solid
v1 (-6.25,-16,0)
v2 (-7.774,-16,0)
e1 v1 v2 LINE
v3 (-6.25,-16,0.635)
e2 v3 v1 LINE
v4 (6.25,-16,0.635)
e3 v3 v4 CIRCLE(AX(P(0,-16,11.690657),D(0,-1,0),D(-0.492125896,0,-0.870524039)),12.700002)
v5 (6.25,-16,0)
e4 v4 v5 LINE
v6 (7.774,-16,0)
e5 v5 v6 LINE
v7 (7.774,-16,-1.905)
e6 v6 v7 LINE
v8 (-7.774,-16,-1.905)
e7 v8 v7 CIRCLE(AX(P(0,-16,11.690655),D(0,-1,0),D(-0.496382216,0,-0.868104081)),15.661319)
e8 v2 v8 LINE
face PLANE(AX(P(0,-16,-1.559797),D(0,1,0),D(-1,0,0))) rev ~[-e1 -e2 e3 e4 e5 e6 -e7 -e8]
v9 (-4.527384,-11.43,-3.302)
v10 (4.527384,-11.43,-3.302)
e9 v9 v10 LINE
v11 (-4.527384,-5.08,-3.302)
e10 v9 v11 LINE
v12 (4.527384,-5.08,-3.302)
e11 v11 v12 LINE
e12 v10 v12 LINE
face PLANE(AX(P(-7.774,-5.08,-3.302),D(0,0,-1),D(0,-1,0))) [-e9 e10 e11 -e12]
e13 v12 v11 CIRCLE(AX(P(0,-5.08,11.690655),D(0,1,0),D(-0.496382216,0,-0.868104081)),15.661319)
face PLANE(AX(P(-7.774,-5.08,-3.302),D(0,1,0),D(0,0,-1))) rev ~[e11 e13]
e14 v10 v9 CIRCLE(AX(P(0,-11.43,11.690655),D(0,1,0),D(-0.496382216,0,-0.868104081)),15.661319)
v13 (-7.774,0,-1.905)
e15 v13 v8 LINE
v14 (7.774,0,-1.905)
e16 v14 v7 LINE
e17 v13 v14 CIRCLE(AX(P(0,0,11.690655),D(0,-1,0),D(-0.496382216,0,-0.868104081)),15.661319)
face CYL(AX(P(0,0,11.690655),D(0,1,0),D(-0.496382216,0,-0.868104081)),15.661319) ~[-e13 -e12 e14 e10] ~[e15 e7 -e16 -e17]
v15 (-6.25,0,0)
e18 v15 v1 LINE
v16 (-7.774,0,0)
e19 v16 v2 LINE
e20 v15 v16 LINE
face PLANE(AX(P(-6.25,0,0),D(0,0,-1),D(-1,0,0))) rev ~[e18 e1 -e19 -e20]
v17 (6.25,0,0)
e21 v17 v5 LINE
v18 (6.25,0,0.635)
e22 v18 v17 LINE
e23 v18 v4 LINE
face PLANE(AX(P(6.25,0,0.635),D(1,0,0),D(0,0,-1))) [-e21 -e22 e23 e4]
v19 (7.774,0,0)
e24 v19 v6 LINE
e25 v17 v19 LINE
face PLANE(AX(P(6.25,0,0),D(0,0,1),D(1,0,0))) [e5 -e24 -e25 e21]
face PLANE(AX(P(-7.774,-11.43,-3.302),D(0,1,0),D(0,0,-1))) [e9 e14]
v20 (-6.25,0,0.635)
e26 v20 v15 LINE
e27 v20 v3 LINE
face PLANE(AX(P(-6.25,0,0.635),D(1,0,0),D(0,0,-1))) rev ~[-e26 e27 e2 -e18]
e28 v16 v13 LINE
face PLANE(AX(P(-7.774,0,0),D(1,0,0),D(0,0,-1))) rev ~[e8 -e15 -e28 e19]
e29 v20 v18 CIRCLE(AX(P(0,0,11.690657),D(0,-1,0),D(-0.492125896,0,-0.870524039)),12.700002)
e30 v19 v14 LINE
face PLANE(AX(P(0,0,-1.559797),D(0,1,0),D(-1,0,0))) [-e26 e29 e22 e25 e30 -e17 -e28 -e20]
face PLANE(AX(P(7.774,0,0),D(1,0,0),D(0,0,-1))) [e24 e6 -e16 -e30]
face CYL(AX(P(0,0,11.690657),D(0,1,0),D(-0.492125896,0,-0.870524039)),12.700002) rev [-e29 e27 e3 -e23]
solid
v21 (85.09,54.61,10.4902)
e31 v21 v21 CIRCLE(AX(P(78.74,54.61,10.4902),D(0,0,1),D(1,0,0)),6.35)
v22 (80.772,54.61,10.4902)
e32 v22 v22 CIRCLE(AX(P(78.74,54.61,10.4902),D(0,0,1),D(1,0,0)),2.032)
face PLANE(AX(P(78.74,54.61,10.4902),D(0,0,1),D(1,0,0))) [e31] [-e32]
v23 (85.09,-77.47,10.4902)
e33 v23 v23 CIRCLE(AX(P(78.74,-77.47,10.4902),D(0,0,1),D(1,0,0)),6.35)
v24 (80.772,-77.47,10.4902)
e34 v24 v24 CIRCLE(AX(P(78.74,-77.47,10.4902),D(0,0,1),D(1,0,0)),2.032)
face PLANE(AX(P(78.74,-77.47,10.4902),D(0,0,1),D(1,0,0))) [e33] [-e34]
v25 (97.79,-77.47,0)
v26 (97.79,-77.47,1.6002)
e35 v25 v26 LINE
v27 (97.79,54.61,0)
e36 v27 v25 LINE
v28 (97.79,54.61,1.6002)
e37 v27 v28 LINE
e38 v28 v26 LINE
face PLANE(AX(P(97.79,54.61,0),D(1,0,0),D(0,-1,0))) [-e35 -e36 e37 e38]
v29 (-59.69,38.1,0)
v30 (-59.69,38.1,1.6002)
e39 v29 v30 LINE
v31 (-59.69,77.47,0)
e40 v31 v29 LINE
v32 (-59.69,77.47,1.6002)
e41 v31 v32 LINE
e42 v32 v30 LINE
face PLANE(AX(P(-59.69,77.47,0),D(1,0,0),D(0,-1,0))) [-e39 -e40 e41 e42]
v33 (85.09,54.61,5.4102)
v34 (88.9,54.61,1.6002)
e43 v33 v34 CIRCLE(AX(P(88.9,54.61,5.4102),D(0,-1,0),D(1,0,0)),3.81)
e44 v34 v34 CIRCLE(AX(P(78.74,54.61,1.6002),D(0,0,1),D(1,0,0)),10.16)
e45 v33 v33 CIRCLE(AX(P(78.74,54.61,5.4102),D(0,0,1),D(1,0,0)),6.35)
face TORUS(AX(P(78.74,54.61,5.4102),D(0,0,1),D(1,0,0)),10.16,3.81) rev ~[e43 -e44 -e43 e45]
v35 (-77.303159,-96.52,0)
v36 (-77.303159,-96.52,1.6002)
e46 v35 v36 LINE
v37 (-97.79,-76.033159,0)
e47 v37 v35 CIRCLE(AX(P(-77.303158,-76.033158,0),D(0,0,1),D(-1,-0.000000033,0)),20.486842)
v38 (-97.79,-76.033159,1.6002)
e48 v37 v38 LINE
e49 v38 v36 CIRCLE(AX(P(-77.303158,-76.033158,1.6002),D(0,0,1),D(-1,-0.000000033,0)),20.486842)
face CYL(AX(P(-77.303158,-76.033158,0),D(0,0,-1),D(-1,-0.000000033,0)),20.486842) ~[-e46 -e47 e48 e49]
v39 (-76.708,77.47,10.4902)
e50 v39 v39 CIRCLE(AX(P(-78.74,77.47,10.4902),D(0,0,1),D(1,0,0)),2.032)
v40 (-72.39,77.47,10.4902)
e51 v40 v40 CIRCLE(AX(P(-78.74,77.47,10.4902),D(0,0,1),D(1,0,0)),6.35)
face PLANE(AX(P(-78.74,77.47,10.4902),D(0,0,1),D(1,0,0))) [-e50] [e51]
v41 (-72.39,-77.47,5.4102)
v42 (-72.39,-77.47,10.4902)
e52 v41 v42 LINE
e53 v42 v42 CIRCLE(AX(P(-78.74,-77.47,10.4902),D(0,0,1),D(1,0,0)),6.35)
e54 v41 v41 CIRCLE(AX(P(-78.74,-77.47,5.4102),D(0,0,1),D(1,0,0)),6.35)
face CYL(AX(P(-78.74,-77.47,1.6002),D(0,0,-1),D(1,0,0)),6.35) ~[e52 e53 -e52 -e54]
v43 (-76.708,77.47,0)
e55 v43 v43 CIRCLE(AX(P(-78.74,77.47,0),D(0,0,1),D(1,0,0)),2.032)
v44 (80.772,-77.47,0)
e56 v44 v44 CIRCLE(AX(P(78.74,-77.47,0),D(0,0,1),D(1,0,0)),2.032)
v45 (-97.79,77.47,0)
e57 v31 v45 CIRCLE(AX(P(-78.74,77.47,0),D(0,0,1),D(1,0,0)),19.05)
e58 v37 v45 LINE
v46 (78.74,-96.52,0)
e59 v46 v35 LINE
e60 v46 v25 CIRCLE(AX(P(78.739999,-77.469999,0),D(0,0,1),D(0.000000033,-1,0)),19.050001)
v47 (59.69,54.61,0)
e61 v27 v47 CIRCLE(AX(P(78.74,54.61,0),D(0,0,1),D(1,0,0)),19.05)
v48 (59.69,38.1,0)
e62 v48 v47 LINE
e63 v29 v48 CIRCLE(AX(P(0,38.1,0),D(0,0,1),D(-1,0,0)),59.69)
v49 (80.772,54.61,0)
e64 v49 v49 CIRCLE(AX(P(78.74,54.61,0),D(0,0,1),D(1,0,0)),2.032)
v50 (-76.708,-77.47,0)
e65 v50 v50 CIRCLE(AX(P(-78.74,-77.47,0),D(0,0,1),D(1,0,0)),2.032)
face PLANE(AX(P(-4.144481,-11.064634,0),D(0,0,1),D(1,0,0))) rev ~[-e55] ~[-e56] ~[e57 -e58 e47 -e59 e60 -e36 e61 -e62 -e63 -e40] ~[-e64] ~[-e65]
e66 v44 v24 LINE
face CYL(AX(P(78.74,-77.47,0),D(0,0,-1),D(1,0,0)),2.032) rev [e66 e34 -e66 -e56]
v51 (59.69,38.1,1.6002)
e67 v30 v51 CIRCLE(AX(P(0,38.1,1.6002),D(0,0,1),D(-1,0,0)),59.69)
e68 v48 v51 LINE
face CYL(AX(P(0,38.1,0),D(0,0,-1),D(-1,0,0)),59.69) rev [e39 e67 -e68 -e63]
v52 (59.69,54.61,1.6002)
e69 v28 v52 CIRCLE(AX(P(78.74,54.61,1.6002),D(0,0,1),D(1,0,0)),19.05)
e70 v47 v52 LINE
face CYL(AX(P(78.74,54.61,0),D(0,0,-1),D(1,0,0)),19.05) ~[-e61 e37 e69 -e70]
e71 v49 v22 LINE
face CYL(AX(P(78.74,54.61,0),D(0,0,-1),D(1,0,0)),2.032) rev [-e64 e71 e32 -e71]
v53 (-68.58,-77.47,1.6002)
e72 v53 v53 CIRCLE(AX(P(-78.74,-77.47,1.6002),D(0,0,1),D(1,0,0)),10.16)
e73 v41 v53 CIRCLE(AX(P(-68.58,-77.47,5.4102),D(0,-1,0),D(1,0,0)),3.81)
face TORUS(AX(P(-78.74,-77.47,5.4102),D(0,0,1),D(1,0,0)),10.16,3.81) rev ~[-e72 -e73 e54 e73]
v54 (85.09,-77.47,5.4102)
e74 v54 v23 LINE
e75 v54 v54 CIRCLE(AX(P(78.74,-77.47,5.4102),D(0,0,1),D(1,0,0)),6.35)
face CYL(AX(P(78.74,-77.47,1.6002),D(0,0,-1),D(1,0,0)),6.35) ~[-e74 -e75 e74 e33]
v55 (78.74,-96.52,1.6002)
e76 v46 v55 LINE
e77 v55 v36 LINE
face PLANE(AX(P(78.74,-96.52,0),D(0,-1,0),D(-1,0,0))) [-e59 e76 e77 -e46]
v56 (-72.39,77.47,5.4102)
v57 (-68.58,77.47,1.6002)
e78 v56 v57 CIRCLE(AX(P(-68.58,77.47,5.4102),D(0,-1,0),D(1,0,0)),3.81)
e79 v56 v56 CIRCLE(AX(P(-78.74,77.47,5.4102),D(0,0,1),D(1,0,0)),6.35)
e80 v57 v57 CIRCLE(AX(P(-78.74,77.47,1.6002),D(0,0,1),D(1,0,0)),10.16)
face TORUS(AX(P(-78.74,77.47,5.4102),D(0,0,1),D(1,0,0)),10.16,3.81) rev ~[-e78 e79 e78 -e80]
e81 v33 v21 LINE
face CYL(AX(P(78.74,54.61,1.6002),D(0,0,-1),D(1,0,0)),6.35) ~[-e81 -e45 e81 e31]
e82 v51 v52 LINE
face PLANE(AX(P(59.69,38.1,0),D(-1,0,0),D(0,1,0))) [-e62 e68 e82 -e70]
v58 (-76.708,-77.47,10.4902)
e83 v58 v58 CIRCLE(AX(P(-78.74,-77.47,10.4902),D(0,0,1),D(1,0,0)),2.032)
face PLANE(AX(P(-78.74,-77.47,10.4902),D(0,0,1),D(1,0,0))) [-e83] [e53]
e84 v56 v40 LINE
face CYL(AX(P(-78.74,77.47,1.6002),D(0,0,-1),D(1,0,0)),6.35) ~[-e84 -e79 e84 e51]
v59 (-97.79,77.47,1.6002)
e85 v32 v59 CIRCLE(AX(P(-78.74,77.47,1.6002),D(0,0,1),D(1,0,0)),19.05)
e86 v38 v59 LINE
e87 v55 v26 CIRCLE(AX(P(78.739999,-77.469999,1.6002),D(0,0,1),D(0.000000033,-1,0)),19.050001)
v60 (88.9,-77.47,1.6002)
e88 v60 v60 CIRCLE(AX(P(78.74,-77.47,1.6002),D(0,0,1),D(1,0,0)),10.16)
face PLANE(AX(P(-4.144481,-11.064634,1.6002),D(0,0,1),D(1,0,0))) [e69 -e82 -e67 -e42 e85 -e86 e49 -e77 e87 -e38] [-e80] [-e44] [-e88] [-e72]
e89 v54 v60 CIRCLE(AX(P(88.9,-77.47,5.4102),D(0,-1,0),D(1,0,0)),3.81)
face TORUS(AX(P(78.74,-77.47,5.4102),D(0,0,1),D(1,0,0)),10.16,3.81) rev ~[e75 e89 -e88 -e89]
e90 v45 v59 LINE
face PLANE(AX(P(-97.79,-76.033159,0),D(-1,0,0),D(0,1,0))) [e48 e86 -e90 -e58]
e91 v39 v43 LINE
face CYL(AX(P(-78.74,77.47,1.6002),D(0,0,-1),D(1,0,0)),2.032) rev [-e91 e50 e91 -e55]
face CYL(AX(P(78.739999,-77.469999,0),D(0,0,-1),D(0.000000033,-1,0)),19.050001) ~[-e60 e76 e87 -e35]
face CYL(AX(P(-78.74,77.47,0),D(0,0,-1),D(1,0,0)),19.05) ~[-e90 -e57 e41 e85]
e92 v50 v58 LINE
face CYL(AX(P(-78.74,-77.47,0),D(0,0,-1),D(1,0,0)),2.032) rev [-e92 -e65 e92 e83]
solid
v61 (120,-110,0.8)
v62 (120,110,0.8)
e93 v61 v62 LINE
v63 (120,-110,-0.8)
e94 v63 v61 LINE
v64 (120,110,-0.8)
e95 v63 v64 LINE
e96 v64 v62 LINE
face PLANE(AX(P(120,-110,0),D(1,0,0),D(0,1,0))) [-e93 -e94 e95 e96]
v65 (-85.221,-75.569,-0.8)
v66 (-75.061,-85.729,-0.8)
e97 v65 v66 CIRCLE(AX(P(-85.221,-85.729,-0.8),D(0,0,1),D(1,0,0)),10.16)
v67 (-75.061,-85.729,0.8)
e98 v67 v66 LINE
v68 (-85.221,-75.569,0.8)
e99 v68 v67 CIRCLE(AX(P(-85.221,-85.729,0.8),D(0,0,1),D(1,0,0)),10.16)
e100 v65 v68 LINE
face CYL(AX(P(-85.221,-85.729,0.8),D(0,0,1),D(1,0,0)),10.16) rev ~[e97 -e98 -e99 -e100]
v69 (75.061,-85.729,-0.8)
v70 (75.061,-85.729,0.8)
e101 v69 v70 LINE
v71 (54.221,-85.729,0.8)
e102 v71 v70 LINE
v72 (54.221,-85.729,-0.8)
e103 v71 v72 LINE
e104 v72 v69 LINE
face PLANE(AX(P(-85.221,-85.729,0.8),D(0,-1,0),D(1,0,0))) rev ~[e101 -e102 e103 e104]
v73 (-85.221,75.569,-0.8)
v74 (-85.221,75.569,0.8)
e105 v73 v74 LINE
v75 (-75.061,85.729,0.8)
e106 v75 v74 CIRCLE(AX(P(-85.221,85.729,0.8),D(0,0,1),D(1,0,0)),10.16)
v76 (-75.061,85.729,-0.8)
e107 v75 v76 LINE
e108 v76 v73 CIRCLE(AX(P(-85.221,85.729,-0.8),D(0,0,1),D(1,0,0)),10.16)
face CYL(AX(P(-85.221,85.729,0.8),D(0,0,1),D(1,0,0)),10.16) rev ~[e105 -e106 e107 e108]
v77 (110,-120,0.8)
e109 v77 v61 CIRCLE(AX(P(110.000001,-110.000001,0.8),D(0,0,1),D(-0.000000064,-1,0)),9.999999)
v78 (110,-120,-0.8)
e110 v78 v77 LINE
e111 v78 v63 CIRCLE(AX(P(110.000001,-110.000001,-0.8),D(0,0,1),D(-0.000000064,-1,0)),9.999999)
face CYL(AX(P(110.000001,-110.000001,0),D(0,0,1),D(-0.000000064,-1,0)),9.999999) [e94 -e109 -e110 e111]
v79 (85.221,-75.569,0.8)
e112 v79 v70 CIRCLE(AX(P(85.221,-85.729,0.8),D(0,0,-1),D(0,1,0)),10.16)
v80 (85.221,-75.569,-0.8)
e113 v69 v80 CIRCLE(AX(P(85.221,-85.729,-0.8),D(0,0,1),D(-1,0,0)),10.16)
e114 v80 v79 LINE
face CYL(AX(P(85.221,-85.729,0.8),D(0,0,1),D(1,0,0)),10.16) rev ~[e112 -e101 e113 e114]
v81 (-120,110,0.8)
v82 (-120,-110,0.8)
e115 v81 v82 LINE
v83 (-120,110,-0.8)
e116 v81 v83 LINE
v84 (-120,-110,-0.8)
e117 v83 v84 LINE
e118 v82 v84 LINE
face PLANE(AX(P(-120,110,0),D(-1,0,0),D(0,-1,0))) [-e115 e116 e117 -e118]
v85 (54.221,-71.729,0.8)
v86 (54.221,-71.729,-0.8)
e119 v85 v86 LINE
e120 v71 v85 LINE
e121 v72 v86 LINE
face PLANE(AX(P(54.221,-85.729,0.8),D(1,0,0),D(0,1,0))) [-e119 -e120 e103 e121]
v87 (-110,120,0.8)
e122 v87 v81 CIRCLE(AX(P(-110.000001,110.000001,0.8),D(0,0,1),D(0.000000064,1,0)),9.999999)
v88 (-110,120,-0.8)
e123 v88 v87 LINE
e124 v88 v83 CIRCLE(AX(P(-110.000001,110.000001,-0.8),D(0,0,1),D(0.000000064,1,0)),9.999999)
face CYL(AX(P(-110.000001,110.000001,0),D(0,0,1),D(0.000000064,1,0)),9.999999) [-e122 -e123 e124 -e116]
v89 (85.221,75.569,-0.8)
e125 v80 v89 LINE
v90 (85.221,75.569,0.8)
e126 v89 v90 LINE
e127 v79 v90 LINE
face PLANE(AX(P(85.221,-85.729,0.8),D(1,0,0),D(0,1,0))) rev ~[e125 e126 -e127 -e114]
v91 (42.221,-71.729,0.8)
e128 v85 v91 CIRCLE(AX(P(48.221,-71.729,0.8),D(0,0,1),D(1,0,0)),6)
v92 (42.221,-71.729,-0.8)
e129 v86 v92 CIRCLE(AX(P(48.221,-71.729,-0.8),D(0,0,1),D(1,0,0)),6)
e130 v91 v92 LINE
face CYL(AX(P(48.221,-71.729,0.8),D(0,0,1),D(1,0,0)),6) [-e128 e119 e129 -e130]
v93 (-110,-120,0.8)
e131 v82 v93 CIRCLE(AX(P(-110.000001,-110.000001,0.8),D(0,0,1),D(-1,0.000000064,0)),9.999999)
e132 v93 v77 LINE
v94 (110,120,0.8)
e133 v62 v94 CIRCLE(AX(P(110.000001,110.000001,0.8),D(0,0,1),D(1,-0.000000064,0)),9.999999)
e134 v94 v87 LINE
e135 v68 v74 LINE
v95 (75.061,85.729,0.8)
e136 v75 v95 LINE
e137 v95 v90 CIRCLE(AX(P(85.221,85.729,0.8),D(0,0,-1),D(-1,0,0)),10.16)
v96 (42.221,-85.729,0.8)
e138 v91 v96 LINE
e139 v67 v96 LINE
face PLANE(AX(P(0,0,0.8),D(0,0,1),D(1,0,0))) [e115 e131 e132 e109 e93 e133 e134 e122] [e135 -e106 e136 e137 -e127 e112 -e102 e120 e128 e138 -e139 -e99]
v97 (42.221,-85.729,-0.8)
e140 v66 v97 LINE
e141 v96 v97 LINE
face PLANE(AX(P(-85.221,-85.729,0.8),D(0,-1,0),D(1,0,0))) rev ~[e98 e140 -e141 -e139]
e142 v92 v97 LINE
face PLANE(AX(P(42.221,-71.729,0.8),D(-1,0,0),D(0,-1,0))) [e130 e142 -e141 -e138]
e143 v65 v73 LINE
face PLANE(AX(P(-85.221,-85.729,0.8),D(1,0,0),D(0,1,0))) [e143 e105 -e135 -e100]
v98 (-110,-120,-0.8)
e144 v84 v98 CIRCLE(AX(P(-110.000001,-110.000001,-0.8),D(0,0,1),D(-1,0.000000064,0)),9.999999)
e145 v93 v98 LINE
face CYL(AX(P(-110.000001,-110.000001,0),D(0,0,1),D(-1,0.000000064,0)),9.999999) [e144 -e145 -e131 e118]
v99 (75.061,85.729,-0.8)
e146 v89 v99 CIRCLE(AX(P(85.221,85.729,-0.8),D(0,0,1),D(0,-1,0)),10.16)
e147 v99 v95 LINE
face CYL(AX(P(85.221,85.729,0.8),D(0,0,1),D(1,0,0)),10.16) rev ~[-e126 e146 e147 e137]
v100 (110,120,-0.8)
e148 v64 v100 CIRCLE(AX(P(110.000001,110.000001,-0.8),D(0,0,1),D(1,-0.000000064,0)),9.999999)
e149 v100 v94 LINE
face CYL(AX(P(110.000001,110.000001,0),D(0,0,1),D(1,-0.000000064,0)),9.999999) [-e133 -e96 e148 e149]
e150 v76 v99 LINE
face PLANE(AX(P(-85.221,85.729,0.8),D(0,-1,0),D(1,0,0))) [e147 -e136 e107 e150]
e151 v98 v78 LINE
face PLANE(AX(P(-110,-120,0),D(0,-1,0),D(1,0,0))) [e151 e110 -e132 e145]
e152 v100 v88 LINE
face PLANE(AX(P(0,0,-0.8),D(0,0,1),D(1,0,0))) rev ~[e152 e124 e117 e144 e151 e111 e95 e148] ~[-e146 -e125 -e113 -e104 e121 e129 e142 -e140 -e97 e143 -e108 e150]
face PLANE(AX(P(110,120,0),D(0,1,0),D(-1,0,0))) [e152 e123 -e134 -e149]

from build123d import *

# Parameters (mm, degrees)
SKETCH_R        = 2.032
PAD_DEPTH       = 1.6002
SKETCH001_R     = 6.35
SKETCH001_R_2   = 2.032
PAD001_DEPTH    = 8.89
FILLET_R        = 3.81
PAD002_DEPTH    = 0.8
SKETCH003_W     = 170.442
SKETCH003_H     = 171.458
POCKET_DEPTH    = 1.601
SKETCH004_R     = 10.16
POCKET001_DEPTH = 5.08
PAD003_DEPTH    = 1.6
PAD004_DEPTH    = 16
SKETCH007_W     = 12.7
SKETCH007_H     = 6.35
POCKET002_DEPTH = 15.549


with BuildPart() as test_stand:
    # Sketch → Pad (new body)
    with BuildSketch(Plane.XY):
        with BuildLine():
            ThreePointArc((-97.79, -76.033159), (-91.789543, -90.519543), (-77.303159, -96.52))
            Line((78.74, -96.52), (-77.303159, -96.52))
            ThreePointArc((78.74, -96.52), (92.210384, -90.940384), (97.79, -77.47))
            Line((97.79, 54.61), (97.79, -77.47))
            ThreePointArc((97.79, 54.61), (78.74, 73.66), (59.69, 54.61))
            Line((59.69, 38.1), (59.69, 54.61))
            ThreePointArc((-59.69, 38.1), (0, -21.59), (59.69, 38.1))
            Line((-59.69, 77.47), (-59.69, 38.1))
            ThreePointArc((-59.69, 77.47), (-78.74, 96.52), (-97.79, 77.47))
            Line((-97.79, -76.033159), (-97.79, 77.47))
        make_face()
        with Locations((-78.74, 77.47)):
            Circle(SKETCH_R, mode=Mode.SUBTRACT)
        with Locations((78.74, 54.61)):
            Circle(SKETCH_R, mode=Mode.SUBTRACT)
        with Locations((78.74, -77.47)):
            Circle(SKETCH_R, mode=Mode.SUBTRACT)
        with Locations((-78.74, -77.47)):
            Circle(SKETCH_R, mode=Mode.SUBTRACT)
    extrude(amount=PAD_DEPTH)

    # Sketch001 (on Face16 of Pad) → Pad001 (join)
    with BuildSketch(Plane.XY.offset(1.6002)):
        with Locations((-78.74, 77.47)):
            Circle(SKETCH001_R)
        with Locations((-78.74, 77.47)):
            Circle(SKETCH001_R_2, mode=Mode.SUBTRACT)
        with Locations((78.74, 54.61)):
            Circle(SKETCH001_R)
        with Locations((78.74, 54.61)):
            Circle(SKETCH001_R_2, mode=Mode.SUBTRACT)
        with Locations((78.74, -77.47)):
            Circle(SKETCH001_R)
        with Locations((78.74, -77.47)):
            Circle(SKETCH001_R_2, mode=Mode.SUBTRACT)
        with Locations((-78.74, -77.47)):
            Circle(SKETCH001_R)
        with Locations((-78.74, -77.47)):
            Circle(SKETCH001_R_2, mode=Mode.SUBTRACT)
    extrude(amount=PAD001_DEPTH)

    # Fillet
    fillet_edges = [test_stand.edges().sort_by_distance(p)[0] for p in [
        (-85.09, -77.47, 1.6002),
        (72.39, -77.47, 1.6002),
        (72.39, 54.61, 1.6002),
        (-85.09, 77.47, 1.6002),
    ]]
    fillet(fillet_edges, radius=FILLET_R)


with BuildPart() as stencil_holder:
    # Sketch002 → Pad002 (new body, symmetric)
    with BuildSketch(Plane.XY):
        with BuildLine():
            Line((-110, -120), (110, -120))
            ThreePointArc((110, -120), (117.071068, -117.071068), (120, -110))
            Line((120, -110), (120, 110))
            ThreePointArc((120, 110), (117.071068, 117.071068), (110, 120))
            Line((110, 120), (-110, 120))
            ThreePointArc((-110, 120), (-117.071068, 117.071068), (-120, 110))
            Line((-120, 110), (-120, -110))
            ThreePointArc((-120, -110), (-117.071068, -117.071068), (-110, -120))
        make_face()
    extrude(amount=PAD002_DEPTH, both=True)

    # Sketch003 (on Face10 of Pad002) → Pocket (cut, through all)
    with BuildSketch(Plane.XY.offset(0.8)):
        Rectangle(SKETCH003_W, SKETCH003_H)
    extrude(amount=-POCKET_DEPTH, mode=Mode.SUBTRACT)

    # Sketch004 (on Face5 of Pocket) → Pocket001 (cut)
    with BuildSketch(Plane.XY.offset(0.8)):
        with Locations((-85.221, 85.729)):
            Circle(SKETCH004_R)
        with Locations((85.221, 85.729)):
            Circle(SKETCH004_R)
        with Locations((85.221, -85.729)):
            Circle(SKETCH004_R)
        with Locations((-85.221, -85.729)):
            Circle(SKETCH004_R)
    extrude(amount=-POCKET001_DEPTH, mode=Mode.SUBTRACT)

    # Sketch005 (on Face5 of Pocket001) → Pad003 (join)
    with BuildSketch(Plane.XY.offset(0.8)):
        with BuildLine():
            ThreePointArc((54.221, -71.729), (48.221, -65.729), (42.221, -71.729))
            Line((42.221, -71.729), (42.221, -85.729))
            Line((42.221, -85.729), (54.221, -85.729))
            Line((54.221, -85.729), (54.221, -71.729))
        make_face()
    extrude(amount=-PAD003_DEPTH)


with BuildPart() as strain_releif:
    # Sketch006 → Pad004 (new body)
    with BuildSketch(Plane.XZ):
        with BuildLine():
            ThreePointArc((-6.25, 0.635), (0, -1.009345), (6.25, 0.635))
            Line((6.25, 0.635), (6.25, 0))
            Line((6.25, 0), (7.774, 0))
            Line((7.774, 0), (7.774, -1.905))
            ThreePointArc((-7.774, -1.905), (0, -3.970664), (7.774, -1.905))
            Line((-7.774, 0), (-7.774, -1.905))
            Line((-6.25, 0), (-7.774, 0))
            Line((-6.25, 0.635), (-6.25, 0))
        make_face()
    extrude(amount=PAD004_DEPTH)

    # Sketch007 (on Face6 of Pad004) → Pocket002 (cut, through all)
    with BuildSketch(Plane(origin=(-7.774, 0, 0), x_dir=(0, 0, -1), z_dir=(-1, 0, 0))):
        with Locations((9.652, 8.255)):
            Rectangle(SKETCH007_W, SKETCH007_H)
    extrude(amount=-POCKET002_DEPTH, mode=Mode.SUBTRACT)


solid = Compound([test_stand.part, stencil_holder.part, strain_releif.part])
